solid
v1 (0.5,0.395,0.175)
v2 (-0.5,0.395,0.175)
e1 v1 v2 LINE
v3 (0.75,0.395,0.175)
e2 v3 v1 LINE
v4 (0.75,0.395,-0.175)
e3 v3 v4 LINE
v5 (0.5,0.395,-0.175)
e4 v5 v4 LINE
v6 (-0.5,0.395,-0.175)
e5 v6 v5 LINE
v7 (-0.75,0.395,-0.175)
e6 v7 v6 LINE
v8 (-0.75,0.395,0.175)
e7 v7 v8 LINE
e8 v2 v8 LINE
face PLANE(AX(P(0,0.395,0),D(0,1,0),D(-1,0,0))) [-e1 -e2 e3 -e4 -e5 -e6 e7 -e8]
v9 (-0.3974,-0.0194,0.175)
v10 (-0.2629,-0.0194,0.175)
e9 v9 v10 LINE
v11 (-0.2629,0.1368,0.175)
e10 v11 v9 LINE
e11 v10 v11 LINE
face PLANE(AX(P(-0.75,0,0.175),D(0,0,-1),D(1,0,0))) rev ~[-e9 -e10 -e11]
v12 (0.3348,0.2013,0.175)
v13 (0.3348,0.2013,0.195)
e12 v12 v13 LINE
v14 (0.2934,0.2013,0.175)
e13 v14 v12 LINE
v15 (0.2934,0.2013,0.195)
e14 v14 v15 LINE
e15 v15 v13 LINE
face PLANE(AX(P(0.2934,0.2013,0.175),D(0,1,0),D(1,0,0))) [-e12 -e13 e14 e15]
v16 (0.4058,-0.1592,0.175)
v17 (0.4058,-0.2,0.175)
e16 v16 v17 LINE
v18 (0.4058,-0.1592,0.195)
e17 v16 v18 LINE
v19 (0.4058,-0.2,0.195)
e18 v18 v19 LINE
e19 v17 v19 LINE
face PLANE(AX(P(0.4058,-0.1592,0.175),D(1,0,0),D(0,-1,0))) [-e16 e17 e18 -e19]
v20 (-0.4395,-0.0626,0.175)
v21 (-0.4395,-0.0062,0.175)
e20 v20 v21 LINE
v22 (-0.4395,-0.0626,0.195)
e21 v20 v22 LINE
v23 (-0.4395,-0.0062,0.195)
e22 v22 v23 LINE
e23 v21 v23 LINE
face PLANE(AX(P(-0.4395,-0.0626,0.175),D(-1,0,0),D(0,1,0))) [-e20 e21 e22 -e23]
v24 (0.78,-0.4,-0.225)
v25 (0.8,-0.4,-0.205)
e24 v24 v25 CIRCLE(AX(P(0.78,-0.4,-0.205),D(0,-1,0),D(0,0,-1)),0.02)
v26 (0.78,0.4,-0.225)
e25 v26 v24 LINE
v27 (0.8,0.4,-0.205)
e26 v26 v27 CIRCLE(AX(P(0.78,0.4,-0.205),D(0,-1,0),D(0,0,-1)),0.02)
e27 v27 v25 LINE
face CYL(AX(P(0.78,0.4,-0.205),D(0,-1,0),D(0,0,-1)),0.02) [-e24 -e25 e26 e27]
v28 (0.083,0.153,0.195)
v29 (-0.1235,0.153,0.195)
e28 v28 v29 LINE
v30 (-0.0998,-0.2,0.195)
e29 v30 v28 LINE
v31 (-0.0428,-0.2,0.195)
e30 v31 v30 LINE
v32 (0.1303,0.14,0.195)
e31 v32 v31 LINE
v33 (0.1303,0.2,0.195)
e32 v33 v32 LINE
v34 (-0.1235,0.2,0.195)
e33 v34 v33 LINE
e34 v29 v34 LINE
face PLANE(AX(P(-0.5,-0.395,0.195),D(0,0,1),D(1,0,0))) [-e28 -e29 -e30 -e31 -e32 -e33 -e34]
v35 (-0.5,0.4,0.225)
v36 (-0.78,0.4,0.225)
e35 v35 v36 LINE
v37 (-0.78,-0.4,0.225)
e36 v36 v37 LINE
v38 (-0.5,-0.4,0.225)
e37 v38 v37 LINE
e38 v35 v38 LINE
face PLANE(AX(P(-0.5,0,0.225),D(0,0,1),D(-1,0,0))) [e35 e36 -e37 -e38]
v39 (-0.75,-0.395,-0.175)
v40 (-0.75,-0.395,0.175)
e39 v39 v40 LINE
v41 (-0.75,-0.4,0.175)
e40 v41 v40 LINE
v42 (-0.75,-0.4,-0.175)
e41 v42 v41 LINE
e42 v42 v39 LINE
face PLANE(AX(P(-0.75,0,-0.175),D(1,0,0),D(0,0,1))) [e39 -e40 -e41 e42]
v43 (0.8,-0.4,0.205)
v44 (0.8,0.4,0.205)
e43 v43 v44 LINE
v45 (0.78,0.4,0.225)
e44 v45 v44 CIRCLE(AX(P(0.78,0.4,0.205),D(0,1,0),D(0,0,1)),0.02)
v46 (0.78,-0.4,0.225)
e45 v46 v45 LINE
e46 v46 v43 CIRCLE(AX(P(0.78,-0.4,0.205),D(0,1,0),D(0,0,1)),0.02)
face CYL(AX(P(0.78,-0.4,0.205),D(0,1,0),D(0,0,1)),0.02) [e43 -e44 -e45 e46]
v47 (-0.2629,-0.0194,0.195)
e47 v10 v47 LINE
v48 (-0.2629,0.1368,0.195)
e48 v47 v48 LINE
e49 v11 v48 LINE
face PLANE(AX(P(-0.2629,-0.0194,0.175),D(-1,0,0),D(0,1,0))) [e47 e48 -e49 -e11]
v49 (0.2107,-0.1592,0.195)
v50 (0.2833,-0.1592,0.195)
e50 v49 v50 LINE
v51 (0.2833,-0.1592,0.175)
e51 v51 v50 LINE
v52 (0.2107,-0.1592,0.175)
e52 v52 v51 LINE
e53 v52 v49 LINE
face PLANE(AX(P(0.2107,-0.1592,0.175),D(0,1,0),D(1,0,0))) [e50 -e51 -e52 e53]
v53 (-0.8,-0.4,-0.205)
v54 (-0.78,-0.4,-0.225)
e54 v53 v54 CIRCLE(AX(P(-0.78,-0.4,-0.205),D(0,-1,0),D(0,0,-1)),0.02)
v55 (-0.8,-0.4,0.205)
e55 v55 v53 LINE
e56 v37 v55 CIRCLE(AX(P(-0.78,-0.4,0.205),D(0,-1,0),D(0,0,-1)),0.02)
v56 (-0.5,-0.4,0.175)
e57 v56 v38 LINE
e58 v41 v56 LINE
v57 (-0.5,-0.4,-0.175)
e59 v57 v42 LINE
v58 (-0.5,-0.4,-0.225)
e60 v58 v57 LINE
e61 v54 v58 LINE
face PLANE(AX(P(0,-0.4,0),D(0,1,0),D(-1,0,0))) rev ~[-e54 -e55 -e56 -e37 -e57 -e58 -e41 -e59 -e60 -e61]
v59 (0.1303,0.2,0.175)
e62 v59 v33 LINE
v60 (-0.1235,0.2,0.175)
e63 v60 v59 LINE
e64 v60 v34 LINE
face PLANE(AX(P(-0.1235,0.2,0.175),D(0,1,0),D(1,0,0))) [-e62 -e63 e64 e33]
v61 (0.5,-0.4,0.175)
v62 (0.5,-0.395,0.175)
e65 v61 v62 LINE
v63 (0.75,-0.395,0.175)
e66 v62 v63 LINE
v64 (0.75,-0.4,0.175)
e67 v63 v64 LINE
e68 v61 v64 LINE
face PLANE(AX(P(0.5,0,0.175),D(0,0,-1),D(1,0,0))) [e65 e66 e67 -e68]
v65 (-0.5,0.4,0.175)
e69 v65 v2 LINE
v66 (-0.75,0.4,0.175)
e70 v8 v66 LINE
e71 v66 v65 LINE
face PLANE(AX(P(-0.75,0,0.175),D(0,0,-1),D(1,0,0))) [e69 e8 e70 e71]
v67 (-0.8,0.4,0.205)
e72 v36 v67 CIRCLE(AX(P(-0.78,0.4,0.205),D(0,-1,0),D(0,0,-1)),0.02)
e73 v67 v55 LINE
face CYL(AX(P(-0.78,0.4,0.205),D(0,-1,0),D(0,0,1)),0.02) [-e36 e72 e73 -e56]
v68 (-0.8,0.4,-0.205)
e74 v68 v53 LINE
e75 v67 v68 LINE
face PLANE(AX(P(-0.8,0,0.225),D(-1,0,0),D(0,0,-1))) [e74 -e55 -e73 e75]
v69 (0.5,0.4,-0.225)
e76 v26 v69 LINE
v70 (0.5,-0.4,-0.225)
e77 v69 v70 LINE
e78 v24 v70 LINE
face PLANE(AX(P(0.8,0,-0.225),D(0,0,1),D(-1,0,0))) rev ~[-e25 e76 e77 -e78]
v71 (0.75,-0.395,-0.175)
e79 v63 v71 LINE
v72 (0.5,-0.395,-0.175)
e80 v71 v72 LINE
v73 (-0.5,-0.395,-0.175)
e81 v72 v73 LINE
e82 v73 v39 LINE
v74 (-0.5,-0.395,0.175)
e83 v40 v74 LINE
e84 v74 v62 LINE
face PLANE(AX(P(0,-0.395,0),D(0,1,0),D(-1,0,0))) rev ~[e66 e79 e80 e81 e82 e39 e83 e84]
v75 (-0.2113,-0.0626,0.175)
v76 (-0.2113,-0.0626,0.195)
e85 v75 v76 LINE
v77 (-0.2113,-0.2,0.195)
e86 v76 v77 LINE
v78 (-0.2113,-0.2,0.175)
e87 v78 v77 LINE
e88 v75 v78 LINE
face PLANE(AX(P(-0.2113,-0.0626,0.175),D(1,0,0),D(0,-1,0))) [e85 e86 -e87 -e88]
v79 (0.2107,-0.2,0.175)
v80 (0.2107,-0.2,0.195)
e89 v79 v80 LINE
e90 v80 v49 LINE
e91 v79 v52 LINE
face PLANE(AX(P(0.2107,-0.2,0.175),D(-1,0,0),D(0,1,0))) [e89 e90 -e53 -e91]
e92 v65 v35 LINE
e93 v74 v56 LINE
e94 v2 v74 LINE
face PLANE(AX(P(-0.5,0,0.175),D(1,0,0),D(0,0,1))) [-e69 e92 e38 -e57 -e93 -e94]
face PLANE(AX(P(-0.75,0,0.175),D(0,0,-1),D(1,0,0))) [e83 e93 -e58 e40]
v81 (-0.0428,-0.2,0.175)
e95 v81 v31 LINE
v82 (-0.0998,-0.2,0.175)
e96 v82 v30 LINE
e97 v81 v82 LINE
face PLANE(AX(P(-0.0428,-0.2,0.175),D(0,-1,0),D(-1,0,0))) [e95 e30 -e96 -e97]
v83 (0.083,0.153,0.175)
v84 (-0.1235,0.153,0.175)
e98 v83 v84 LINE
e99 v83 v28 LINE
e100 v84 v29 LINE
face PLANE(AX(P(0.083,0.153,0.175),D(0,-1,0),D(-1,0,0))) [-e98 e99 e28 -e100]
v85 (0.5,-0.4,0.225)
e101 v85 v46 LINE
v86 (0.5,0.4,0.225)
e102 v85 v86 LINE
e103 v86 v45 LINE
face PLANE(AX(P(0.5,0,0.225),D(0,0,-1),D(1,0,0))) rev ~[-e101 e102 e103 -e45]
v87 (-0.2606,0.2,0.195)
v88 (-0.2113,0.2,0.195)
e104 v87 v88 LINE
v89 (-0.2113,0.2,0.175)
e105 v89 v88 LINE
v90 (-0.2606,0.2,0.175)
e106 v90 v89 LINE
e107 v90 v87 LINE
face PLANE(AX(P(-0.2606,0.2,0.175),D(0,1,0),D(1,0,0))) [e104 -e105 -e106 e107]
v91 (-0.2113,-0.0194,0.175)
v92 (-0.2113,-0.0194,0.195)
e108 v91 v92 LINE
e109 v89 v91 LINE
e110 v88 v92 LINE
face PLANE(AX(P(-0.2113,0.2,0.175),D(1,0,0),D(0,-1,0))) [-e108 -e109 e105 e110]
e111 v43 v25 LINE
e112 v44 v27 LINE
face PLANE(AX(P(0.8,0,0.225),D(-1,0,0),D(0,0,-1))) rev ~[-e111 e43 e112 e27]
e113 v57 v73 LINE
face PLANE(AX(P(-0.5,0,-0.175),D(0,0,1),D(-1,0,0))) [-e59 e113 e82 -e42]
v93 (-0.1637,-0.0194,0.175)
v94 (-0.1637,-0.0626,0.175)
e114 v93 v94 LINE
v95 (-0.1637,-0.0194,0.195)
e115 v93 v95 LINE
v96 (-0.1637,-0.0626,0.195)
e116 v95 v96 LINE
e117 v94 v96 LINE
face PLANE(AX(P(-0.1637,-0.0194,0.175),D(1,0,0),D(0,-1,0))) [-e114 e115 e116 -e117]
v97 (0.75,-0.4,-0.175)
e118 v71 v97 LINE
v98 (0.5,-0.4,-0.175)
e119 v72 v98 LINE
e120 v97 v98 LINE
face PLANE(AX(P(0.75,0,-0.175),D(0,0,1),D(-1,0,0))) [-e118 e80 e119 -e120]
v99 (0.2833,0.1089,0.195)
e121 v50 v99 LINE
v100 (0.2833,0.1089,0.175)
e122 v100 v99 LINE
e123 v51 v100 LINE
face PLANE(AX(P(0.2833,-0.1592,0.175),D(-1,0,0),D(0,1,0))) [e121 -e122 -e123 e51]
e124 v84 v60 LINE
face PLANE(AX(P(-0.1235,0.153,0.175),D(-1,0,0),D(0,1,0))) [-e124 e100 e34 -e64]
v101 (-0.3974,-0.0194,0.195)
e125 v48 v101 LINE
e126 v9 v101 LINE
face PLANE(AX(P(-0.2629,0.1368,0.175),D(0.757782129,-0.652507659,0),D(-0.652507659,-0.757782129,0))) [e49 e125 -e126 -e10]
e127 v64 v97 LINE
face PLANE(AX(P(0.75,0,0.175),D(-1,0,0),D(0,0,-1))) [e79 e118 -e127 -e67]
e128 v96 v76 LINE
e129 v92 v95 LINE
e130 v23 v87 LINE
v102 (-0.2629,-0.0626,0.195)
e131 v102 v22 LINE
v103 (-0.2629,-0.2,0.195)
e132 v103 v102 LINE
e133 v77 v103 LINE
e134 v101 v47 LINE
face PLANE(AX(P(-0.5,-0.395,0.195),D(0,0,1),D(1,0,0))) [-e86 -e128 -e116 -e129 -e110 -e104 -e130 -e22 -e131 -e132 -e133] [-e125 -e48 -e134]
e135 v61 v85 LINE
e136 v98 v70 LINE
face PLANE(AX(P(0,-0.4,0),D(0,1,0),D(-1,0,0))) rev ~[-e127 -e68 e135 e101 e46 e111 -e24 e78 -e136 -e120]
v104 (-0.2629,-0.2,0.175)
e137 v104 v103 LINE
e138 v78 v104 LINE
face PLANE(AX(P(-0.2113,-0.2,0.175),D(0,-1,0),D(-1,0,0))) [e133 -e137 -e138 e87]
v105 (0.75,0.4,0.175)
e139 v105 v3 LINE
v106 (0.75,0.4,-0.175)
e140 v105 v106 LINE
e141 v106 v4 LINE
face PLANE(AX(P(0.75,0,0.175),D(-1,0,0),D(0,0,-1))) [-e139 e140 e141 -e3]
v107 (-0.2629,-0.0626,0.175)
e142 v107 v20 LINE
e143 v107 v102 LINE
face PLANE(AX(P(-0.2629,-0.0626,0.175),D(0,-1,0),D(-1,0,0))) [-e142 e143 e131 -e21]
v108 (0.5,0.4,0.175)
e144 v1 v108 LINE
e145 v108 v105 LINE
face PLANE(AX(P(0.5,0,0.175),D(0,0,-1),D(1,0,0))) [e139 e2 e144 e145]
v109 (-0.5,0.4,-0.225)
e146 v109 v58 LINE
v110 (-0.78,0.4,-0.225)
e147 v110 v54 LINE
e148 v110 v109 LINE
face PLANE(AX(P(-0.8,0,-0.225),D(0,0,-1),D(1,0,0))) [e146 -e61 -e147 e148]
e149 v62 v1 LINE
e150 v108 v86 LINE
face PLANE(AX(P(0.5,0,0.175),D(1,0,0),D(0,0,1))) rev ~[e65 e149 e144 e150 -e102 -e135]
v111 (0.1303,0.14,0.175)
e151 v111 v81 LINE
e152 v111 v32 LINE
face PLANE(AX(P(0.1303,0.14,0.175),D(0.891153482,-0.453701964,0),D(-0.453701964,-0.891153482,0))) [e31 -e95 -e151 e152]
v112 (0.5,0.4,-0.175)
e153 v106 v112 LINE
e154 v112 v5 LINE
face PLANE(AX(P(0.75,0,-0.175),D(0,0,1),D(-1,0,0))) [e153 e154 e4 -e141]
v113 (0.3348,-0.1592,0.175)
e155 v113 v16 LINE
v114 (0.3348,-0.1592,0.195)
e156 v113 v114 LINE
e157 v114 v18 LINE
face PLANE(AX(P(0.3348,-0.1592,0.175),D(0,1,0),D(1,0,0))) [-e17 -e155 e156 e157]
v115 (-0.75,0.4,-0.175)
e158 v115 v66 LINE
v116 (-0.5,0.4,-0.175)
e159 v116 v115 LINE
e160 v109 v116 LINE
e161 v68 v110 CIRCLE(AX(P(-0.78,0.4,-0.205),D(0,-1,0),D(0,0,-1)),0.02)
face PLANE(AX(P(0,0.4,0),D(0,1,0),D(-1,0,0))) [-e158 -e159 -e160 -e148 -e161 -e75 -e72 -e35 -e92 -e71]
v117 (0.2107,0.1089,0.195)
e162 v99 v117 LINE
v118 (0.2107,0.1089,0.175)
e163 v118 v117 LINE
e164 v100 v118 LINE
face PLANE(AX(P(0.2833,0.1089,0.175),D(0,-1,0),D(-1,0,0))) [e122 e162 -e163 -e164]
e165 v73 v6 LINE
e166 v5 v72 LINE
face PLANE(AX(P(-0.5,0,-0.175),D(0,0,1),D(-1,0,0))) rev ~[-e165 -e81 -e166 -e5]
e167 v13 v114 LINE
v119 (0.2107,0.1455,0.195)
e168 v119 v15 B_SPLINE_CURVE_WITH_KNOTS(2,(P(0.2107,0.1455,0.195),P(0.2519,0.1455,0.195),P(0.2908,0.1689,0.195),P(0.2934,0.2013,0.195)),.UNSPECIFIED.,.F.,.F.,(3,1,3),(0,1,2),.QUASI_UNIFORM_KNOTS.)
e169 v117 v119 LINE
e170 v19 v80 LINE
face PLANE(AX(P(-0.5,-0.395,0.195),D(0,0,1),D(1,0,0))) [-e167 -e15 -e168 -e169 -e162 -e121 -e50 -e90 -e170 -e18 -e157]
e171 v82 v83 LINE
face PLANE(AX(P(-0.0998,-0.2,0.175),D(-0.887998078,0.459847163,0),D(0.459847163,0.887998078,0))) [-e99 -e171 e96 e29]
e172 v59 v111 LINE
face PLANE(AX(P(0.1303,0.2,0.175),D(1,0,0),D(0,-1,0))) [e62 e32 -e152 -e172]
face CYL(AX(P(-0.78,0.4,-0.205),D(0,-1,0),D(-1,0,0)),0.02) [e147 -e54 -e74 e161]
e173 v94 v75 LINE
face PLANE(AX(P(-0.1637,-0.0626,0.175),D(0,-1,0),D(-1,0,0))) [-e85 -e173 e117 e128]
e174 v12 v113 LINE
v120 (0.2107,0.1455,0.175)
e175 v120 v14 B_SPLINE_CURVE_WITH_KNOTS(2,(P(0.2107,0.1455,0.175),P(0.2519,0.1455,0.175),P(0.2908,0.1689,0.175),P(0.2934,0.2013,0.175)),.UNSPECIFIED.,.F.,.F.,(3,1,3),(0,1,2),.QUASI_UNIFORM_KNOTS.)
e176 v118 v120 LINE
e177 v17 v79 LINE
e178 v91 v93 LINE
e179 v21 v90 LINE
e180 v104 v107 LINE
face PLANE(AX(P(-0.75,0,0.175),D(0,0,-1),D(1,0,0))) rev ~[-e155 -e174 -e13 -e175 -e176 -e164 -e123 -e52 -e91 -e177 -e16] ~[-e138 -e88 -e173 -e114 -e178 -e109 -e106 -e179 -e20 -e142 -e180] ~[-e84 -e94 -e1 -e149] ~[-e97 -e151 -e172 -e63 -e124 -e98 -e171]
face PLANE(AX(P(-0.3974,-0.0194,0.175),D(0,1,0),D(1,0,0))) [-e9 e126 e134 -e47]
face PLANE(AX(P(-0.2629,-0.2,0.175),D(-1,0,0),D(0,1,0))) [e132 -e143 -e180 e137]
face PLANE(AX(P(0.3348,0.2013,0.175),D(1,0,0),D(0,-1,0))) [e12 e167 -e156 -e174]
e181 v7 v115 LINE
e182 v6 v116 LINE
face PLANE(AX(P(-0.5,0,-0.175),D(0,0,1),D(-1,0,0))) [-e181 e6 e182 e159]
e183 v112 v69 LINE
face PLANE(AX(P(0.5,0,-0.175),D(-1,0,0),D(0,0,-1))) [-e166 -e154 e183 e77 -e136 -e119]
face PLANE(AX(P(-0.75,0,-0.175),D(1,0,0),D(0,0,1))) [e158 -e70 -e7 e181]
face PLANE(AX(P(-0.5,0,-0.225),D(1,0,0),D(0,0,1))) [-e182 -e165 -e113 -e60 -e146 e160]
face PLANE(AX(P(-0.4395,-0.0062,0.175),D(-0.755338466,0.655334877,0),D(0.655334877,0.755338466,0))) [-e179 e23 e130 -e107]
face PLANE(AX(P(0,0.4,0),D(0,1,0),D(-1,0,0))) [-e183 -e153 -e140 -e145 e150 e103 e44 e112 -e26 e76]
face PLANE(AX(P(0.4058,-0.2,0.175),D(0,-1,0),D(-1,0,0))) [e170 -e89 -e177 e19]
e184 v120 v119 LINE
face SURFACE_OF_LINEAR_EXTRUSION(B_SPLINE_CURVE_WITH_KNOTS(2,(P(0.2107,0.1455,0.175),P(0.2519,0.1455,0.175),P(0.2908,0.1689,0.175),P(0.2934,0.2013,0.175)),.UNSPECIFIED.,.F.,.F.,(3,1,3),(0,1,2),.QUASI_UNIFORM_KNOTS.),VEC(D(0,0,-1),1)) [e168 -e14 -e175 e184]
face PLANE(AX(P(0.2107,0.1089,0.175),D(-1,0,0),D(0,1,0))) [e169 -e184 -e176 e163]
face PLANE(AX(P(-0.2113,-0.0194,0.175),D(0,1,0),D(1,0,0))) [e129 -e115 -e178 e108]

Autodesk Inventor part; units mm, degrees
ref_plane "YZ Plane" through (0, 0, 0) normal (1, 0, 0) x (0, 1, 0)
ref_plane "XZ Plane" through (0, 0, 0) normal (0, 1, 0) x (-1, 0, 0)
ref_plane "XY Plane" through (0, 0, 0) normal (0, 0, 1) x (1, 0, 0)
sketch "Sketch1" plane through (0, 0, 0) normal (0, 1, 0) x (-1, 0, 0)
  line L0 (0.75, 0.175) -> (-0.75, 0.175)
  line L1 (-0.75, 0.175) -> (-0.75, -0.175)
  line L2 (-0.75, -0.175) -> (0.75, -0.175)
  line L3 (0.75, -0.175) -> (0.75, 0.175)
  line L4 (0.5, 0.175) -> (0.5, 0.225)
  line L5 (0.5, 0.225) -> (0.8, 0.225)
  line L6 (0.8, 0.225) -> (0.8, -0.225)
  line L7 (0.8, -0.225) -> (0.5, -0.225)
  line L8 (0.5, -0.225) -> (0.5, -0.175)
  line L9 (-0.5, 0.175) -> (-0.5, 0.225)
  line L10 (-0.5, 0.225) -> (-0.8, 0.225)
  line L11 (-0.8, 0.225) -> (-0.8, -0.225)
  line L12 (-0.8, -0.225) -> (-0.5, -0.225)
  line L13 (-0.5, -0.175) -> (-0.5, -0.225)
  line L14 (0.5, 0.175) -> (-0.5, 0.175)
  point P0 (0, 0)
  point P1 (0, 0.175)
  point P2 (0.75, 0)
  dimension "d0" = 1.6
  dimension "d1" = 0.05
  dimension "d2" = 0.05
  dimension "d3" = 0.45
  dimension "d4" = 0.3
extrude "Extrusion1" add sketch "Sketch1" along normal mid plane 0.8 contours L0 L4 L5 L6 L7 L8 L2 L3 | L0 L1 L2 L13 L12 L11 L10 L9
extrude "Extrusion2" add sketch "Sketch1" along normal mid plane 0.79 contours L3 L2 L1 L0
sketch "Sketch2" plane through (-0.5, -0.395, 0.175) normal (0, 0, 1) x (1, 0, 0)
  line L0 (0, 0) -> (0, 0.79) projected
  line L1 (1, 0) -> (0, 0) projected
  line L2 (1, 0) -> (1, 0.79) projected
  line L3 (0, 0.79) -> (1, 0.79) projected
  line L4 (0, 0.395) -> (1, 0.395) construction
  line L5 (0.3363, 0.3324) -> (0.2887, 0.3324)
  line L6 (0.2887, 0.3324) -> (0.2887, 0.195)
  line L7 (0.2887, 0.195) -> (0.2371, 0.195)
  line L8 (0.2371, 0.195) -> (0.2371, 0.3324)
  line L9 (0.2371, 0.3324) -> (0.0605, 0.3324)
  line L10 (0.0605, 0.3324) -> (0.0605, 0.3888)
  line L11 (0.0605, 0.3888) -> (0.2394, 0.595)
  line L12 (0.2394, 0.595) -> (0.2887, 0.595)
  line L13 (0.2887, 0.595) -> (0.2887, 0.3756)
  line L14 (0.2887, 0.3756) -> (0.3363, 0.3756)
  line L15 (0.3363, 0.3756) -> (0.3363, 0.3324)
  line L16 (0.2371, 0.3756) -> (0.2371, 0.5318)
  line L17 (0.2371, 0.5318) -> (0.1026, 0.3756)
  line L18 (0.1026, 0.3756) -> (0.2371, 0.3756)
  line L19 (0.6303, 0.535) -> (0.4572, 0.195)
  line L20 (0.4572, 0.195) -> (0.4002, 0.195)
  line L21 (0.4002, 0.195) -> (0.583, 0.548)
  line L22 (0.583, 0.548) -> (0.3765, 0.548)
  line L23 (0.3765, 0.548) -> (0.3765, 0.595)
  line L24 (0.3765, 0.595) -> (0.6303, 0.595)
  line L25 (0.6303, 0.595) -> (0.6303, 0.535)
  line L26 (0.9058, 0.195) -> (0.7107, 0.195)
  line L27 (0.7107, 0.195) -> (0.7107, 0.2358)
  line L28 (0.7107, 0.2358) -> (0.7833, 0.2358)
  line L29 (0.7833, 0.2358) -> (0.7833, 0.5039)
  line L30 (0.7833, 0.5039) -> (0.7107, 0.5039)
  line L31 (0.7107, 0.5039) -> (0.7107, 0.5405)
  spline S0 degree 2 poles (0.7107, 0.5405) (0.7519, 0.5405) (0.7908, 0.5639) (0.7934, 0.5963) knots 0 0 0 1 2 2 2
  line L32 (0.7934, 0.5963) -> (0.8348, 0.5963)
  line L33 (0.8348, 0.5963) -> (0.8348, 0.2358)
  line L34 (0.8348, 0.2358) -> (0.9058, 0.2358)
  line L35 (0.9058, 0.2358) -> (0.9058, 0.195)
  point P0 (0.5, 0.395)
extrude "Extrusion3" add sketch "Sketch2" along normal blind 0.02 contours L5 L6 L7 L8 L9 L10 L11 L12 L13 L14 L15 | L19 L20 L21 L22 L23 L24 L25 | L26 L27 L28 L29 L30 L31 S0 L32 L33 L34 L35
fillet "Fillet1" radius 0.02 4 edges at (-0.8, 0, 0.225) (-0.8, 0, -0.225) (0.8, 0, 0.225) (0.8, 0, -0.225)
equation "\"d2\" = d1"
properties part number "21-1001" material "Copper"
